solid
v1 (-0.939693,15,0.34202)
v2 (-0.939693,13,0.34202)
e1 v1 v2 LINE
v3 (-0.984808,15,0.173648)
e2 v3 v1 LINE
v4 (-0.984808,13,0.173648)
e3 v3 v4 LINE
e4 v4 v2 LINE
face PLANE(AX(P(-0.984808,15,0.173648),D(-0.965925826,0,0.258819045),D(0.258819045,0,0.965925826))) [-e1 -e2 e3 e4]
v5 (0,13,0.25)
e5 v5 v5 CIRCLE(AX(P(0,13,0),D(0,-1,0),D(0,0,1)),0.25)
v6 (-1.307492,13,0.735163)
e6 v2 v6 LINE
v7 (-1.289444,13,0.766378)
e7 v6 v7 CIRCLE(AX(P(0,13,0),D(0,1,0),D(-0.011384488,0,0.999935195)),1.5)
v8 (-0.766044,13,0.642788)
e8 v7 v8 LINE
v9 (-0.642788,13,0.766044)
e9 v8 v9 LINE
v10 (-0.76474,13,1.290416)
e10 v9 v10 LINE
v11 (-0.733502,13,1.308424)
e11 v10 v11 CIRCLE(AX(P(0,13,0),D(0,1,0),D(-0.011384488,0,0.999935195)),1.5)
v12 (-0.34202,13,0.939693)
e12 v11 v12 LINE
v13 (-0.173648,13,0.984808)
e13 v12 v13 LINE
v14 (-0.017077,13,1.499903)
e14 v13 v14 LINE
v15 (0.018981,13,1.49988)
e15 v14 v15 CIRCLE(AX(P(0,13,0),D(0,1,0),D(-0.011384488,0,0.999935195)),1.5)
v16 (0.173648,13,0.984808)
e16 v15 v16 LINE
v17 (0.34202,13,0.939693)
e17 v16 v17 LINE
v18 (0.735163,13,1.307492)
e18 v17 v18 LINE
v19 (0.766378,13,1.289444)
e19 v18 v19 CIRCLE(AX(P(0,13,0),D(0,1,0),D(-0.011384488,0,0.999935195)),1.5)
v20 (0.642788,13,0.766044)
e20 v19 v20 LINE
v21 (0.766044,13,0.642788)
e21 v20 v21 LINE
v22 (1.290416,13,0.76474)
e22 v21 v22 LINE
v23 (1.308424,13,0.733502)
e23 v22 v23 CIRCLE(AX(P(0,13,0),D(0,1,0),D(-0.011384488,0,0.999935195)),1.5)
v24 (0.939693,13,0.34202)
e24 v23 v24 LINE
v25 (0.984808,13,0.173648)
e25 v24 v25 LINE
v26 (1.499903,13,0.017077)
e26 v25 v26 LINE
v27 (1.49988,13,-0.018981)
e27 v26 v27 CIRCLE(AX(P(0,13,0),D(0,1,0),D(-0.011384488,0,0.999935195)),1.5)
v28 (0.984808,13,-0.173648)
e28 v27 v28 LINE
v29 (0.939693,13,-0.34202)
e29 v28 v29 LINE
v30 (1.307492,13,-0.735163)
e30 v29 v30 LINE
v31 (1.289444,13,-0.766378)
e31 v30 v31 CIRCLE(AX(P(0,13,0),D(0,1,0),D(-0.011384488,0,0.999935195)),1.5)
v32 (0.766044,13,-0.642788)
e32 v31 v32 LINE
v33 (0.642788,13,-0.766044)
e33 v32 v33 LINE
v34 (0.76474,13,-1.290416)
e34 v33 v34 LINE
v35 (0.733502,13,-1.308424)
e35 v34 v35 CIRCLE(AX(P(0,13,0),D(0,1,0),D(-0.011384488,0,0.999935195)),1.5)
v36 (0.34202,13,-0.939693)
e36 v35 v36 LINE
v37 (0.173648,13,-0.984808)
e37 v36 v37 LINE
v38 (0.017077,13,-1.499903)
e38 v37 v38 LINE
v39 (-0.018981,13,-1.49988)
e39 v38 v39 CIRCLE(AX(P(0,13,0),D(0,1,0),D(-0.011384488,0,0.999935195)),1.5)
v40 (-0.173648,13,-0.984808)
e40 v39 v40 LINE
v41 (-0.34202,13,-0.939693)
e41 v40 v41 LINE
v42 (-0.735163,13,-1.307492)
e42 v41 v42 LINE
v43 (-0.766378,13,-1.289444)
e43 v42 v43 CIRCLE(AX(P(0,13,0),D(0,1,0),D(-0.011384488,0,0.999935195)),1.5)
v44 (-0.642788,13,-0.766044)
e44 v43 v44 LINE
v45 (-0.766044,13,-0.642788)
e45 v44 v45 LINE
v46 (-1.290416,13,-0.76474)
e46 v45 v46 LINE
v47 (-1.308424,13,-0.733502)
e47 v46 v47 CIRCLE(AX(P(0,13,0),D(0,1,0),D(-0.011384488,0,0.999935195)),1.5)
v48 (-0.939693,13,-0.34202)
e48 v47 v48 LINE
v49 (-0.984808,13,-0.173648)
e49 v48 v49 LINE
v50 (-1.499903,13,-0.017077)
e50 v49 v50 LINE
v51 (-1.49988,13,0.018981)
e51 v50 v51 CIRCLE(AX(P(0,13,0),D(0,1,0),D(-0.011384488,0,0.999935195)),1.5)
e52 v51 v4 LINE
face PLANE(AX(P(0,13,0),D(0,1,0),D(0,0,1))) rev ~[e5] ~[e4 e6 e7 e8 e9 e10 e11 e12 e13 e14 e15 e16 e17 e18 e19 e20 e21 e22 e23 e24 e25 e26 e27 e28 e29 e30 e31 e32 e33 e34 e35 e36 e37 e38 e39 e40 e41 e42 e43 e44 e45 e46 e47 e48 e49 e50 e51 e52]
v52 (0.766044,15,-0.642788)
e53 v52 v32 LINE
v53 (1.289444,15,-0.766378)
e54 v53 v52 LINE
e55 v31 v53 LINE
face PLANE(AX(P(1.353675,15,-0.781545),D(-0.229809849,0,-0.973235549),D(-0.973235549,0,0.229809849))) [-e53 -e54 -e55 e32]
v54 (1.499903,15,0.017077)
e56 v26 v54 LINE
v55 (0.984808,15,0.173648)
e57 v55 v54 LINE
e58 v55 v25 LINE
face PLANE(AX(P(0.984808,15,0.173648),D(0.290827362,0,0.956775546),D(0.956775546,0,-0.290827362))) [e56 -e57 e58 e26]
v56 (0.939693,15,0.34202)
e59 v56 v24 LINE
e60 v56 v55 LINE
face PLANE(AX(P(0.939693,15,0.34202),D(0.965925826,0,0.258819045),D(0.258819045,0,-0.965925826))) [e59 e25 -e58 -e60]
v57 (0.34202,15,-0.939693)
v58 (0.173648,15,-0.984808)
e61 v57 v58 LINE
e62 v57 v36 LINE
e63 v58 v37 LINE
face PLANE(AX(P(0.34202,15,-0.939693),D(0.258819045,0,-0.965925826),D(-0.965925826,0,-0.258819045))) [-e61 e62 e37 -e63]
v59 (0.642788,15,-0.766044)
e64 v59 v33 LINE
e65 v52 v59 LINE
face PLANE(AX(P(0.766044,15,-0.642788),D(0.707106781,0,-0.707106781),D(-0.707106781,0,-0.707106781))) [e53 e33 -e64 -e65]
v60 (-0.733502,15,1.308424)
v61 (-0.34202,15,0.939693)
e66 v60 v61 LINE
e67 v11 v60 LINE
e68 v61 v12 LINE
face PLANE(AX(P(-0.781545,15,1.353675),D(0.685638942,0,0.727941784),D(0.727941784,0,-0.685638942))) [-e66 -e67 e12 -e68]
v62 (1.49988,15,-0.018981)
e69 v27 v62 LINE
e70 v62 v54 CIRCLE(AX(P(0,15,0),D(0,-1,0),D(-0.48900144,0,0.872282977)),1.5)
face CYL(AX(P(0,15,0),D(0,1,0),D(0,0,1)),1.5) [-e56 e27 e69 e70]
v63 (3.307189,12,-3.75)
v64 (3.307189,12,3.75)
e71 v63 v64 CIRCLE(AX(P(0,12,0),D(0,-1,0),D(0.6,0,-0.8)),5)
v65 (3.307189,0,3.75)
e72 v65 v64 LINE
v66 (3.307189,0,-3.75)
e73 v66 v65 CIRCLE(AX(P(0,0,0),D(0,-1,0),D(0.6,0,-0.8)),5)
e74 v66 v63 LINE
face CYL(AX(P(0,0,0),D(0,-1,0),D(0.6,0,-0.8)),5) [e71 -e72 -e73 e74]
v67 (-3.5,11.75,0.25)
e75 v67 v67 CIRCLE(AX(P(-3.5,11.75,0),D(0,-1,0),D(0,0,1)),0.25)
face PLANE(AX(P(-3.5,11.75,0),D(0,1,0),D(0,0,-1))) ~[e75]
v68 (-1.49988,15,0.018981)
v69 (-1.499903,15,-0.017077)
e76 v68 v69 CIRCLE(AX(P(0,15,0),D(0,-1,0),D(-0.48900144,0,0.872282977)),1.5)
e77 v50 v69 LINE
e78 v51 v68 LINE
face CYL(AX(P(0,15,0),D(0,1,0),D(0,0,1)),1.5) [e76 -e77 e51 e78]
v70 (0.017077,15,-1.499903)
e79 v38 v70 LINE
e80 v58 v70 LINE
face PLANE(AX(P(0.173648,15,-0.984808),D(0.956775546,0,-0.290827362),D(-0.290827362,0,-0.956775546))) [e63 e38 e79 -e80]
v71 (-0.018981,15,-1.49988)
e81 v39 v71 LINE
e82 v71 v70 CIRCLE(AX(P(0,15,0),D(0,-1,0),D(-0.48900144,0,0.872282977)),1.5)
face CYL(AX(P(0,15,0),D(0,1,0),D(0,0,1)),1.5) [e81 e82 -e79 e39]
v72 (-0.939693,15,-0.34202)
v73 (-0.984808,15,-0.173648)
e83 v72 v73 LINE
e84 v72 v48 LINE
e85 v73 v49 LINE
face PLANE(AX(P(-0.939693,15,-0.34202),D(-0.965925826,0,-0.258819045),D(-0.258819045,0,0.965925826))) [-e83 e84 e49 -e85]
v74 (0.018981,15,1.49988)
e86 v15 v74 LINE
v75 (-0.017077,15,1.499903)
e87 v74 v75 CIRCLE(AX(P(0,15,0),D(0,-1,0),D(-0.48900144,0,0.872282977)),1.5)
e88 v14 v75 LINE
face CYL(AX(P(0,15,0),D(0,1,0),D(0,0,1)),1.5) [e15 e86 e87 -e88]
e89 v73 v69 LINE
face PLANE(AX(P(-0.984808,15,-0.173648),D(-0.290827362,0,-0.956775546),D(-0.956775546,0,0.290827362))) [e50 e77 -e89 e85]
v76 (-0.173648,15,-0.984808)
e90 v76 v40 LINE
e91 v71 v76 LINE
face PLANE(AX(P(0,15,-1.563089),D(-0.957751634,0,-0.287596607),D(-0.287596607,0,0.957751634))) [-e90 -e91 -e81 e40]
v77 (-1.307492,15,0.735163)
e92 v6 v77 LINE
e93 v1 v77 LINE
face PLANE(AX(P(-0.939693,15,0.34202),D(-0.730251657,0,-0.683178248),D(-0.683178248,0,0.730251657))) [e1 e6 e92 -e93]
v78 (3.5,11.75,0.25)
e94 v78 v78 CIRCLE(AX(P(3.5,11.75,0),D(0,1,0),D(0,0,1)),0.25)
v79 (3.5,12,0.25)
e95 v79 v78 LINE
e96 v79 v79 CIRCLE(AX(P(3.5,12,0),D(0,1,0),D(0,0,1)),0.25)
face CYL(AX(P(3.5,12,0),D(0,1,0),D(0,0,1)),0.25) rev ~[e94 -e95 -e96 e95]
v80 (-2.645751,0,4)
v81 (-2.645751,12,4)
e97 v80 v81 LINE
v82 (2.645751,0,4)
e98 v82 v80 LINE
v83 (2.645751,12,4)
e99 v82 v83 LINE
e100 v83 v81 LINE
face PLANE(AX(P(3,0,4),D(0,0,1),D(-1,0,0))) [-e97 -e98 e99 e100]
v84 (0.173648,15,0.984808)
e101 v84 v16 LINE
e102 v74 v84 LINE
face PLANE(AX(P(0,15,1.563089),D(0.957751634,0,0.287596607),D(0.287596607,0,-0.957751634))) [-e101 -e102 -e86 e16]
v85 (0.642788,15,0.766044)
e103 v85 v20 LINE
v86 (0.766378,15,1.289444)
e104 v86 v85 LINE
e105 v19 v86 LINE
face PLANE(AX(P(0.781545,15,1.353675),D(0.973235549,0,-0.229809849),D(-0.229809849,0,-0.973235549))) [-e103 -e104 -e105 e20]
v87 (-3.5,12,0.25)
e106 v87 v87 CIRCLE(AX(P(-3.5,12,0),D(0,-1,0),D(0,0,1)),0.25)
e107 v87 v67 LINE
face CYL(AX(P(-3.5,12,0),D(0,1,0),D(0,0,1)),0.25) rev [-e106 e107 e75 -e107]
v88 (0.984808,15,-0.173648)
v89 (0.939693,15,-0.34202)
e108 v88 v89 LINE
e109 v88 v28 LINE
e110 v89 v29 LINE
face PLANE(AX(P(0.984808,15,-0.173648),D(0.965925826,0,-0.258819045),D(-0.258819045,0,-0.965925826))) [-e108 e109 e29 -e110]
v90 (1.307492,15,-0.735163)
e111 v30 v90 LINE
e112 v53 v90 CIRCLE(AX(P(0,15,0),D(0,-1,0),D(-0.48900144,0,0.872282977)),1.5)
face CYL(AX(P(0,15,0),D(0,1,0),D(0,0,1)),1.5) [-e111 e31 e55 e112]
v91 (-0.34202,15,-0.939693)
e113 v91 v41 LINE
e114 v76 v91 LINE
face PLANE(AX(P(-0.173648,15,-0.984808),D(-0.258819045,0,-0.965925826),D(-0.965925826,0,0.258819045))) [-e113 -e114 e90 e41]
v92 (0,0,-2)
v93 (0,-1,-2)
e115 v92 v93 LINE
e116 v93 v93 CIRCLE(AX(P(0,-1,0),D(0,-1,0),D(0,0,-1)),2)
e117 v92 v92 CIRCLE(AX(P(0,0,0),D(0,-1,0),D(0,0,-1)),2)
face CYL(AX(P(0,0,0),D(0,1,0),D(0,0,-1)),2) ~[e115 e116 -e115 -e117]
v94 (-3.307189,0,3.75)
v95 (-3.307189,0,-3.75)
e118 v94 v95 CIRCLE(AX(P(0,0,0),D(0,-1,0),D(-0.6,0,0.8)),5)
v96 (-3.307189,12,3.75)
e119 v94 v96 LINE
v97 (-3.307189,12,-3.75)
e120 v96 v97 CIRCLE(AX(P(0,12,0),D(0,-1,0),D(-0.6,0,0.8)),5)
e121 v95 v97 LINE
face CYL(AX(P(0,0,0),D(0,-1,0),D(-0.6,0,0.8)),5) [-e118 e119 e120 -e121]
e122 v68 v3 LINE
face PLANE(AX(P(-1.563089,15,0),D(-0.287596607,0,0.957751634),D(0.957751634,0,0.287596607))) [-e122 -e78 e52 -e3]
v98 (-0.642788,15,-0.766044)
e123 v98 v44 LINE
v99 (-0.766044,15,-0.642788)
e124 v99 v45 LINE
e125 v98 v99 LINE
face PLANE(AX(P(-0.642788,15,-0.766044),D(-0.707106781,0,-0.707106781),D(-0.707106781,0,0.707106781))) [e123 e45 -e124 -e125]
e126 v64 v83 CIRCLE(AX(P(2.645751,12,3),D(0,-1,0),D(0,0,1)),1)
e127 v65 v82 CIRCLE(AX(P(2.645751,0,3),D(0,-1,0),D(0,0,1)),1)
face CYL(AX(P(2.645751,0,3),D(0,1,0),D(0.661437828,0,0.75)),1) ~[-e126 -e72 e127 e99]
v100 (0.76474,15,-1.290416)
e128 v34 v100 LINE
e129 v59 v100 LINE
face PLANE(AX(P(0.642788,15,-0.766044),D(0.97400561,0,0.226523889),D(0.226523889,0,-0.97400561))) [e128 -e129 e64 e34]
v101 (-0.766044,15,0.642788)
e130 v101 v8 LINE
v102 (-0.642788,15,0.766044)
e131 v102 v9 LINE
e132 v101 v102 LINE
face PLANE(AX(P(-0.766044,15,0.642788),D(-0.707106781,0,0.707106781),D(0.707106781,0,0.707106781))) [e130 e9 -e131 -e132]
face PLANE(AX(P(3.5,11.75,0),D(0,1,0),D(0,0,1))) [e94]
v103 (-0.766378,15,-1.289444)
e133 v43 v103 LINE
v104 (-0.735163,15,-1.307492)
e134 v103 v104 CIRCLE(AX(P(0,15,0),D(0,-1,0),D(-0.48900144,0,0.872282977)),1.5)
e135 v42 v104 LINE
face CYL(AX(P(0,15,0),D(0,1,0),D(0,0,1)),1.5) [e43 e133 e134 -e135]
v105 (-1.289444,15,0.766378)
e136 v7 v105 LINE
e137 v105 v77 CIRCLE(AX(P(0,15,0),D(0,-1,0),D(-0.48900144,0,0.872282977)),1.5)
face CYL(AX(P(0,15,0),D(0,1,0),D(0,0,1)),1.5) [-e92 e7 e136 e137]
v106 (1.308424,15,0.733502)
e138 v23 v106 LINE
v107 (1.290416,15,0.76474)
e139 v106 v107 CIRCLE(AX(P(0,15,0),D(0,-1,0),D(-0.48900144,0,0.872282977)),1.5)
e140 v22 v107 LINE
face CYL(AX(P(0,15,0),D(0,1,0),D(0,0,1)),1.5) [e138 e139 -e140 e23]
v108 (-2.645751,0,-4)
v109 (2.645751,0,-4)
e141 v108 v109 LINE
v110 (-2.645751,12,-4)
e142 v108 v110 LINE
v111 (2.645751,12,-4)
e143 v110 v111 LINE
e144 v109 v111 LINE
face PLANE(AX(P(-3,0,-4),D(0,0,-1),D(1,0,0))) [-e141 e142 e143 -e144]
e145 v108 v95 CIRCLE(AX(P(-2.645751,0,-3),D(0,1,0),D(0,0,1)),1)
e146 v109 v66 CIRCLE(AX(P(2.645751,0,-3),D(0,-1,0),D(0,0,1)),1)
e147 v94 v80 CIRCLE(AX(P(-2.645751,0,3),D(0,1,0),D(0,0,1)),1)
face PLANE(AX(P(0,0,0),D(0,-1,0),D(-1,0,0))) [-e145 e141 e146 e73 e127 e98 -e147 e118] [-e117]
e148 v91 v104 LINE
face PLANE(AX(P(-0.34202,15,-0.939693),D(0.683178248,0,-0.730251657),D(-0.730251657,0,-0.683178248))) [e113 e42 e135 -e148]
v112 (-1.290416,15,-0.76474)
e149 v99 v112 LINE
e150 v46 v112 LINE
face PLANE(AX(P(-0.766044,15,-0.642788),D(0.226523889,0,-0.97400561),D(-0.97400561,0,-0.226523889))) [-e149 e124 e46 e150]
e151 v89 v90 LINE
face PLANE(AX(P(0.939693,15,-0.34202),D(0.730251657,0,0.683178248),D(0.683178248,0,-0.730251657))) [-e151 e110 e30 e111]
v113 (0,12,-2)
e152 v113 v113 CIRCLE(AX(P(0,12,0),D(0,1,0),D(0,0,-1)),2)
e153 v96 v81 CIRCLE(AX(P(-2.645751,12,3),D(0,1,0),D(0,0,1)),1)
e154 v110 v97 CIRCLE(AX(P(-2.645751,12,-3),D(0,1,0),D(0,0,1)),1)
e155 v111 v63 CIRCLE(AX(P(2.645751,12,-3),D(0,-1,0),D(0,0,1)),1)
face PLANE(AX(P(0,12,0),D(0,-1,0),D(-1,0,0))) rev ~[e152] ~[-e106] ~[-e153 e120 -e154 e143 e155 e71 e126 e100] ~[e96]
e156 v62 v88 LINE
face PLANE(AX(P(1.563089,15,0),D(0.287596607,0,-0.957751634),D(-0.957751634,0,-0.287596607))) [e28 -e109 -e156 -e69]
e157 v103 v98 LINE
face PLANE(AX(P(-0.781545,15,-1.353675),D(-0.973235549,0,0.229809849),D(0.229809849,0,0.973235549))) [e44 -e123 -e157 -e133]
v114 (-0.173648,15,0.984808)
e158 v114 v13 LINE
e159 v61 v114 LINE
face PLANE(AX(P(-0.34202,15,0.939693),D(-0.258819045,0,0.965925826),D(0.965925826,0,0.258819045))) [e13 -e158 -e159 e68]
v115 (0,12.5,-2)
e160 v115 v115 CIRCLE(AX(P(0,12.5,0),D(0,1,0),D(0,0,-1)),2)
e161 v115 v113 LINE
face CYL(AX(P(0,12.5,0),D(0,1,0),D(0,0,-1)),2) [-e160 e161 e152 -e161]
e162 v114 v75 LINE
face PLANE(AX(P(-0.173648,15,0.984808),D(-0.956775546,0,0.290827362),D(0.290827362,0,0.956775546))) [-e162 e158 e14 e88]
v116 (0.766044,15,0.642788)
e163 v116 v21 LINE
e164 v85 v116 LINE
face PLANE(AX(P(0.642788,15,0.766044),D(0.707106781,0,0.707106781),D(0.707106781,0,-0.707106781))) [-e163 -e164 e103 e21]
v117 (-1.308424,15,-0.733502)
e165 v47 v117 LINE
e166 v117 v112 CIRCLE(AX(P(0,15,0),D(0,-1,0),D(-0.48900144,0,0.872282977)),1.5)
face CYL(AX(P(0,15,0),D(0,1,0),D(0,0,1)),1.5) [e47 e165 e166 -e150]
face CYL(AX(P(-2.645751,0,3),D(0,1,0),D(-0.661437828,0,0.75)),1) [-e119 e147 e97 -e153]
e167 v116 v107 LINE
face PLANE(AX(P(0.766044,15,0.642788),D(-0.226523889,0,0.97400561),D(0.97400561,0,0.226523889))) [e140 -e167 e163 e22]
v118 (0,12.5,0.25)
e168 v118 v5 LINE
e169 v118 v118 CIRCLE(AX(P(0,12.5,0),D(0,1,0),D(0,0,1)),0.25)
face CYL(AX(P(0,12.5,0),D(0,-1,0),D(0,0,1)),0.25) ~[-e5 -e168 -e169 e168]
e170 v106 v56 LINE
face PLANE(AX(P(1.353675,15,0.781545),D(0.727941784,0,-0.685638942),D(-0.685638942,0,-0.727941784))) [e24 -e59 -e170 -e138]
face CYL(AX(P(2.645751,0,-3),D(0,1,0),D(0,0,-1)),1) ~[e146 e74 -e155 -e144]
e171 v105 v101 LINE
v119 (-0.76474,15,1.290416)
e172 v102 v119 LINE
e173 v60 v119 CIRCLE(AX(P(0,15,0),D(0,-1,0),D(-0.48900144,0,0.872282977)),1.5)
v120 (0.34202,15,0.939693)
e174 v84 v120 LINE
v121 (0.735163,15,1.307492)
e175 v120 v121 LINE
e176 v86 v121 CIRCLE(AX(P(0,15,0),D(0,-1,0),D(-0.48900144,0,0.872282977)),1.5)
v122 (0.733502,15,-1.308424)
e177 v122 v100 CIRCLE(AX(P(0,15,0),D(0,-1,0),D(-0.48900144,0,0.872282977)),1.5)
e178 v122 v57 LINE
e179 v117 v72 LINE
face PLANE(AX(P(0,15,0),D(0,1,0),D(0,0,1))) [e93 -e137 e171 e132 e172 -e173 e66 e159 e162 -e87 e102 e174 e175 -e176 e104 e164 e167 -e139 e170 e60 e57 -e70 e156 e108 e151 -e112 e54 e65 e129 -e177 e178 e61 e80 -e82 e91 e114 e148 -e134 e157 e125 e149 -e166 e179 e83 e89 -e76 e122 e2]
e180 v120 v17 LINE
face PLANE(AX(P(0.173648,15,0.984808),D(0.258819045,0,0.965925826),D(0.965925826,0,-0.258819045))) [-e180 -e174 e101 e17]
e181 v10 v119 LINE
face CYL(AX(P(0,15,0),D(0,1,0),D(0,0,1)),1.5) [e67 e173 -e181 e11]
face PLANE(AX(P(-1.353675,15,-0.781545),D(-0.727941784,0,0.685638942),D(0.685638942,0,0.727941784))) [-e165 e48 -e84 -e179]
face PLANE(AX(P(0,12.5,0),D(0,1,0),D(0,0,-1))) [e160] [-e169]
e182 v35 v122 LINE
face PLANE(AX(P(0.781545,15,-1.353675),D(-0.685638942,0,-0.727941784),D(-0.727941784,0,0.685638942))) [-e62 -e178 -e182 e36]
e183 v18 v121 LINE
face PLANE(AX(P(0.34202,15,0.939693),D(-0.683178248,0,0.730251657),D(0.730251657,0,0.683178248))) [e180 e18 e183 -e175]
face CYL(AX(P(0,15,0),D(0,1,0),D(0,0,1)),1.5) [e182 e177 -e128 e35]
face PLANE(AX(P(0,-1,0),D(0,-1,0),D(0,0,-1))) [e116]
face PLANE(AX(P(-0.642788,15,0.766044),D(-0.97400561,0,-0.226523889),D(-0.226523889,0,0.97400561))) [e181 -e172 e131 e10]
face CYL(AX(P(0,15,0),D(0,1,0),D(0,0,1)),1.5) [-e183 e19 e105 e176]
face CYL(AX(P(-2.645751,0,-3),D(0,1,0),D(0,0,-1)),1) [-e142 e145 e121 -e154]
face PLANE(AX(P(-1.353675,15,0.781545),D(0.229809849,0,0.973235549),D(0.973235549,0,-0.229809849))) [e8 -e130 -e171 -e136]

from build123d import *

# Parameters (mm, degrees)
BOSS_EXTRUDE1_DEPTH = 12
SKETCH3_R           = 2
BOSS_EXTRUDE2_DEPTH = 1
FILLET3_R           = 1
BOSS_EXTRUDE3_START = 0.5
SKETCH4_R           = 2
BOSS_EXTRUDE3_DEPTH = 0.5
SKETCH5_R           = 0.25
CUT_EXTRUDE1_DEPTH  = 0.25
SKETCH6_R           = 0.25
BOSS_EXTRUDE4_DEPTH = 2.5
SKETCH7_R           = 1.5
BOSS_EXTRUDE5_DEPTH = 2
CUT_EXTRUDE11_DEPTH = 2
CIRPATTERN2_COUNT   = 12


with BuildPart() as part:
    # Sketch2 → Boss-Extrude1 (new body)
    with BuildSketch(Plane(origin=(0, 0, 0), x_dir=(1, 0, 0), z_dir=(0, 1, 0))):
        with BuildLine():
            Line((-3, 4), (3, 4))
            ThreePointArc((3, 4), (5, 0), (3, -4))
            Line((3, -4), (-3, -4))
            ThreePointArc((-3, -4), (-5, 0), (-3, 4))
        make_face()
    extrude(amount=BOSS_EXTRUDE1_DEPTH)

    # Sketch3 → Boss-Extrude2 (add)
    with BuildSketch(Plane(origin=(0, 0, 0), x_dir=(-1, 0, 0), z_dir=(0, -1, 0))):
        with Locations(Location((0, 0, 0), (0, 0, 90))):
            Circle(SKETCH3_R)
    extrude(amount=BOSS_EXTRUDE2_DEPTH)

    # Fillet3
    fillet3_edges = [part.edges().sort_by_distance(p)[0] for p in [
        (-3, 6, -4),
        (3, 6, -4),
        (3, 6, 4),
        (-3, 6, 4),
    ]]
    fillet(fillet3_edges, radius=FILLET3_R)

    # Sketch4 → Boss-Extrude3 (add)
    with BuildSketch(Plane(origin=(0, 12, 0), x_dir=(1, 0, 0), z_dir=(0, 1, 0)).offset(BOSS_EXTRUDE3_START)):
        with Locations(Location((0, 0, 0), (0, 0, 90))):
            Circle(SKETCH4_R)
    extrude(amount=-BOSS_EXTRUDE3_DEPTH)

    # Sketch5 → Cut-Extrude1 (cut)
    with BuildSketch(Plane(origin=(0, 12, 0), x_dir=(1, 0, 0), z_dir=(0, 1, 0))):
        with Locations(Location((3.5, 0, 0), (0, 0, 270))):
            Circle(SKETCH5_R)
    cut_extrude1 = extrude(amount=-CUT_EXTRUDE1_DEPTH, mode=Mode.SUBTRACT)

    # Mirror1: Cut-Extrude1 across plane
    add(cut_extrude1.mirror(Plane(origin=(0, 0, 0), x_dir=(0, 0, 1), z_dir=(1, 0, 0))), mode=Mode.SUBTRACT)

    # Sketch6 → Boss-Extrude4 (add)
    with BuildSketch(Plane(origin=(0, 12.5, 0), x_dir=(1, 0, 0), z_dir=(0, 1, 0))):
        with Locations(Location((0, 0, 0), (0, 0, 270))):
            Circle(SKETCH6_R)
    extrude(amount=BOSS_EXTRUDE4_DEPTH)

    # Sketch7 → Boss-Extrude5 (add)
    with BuildSketch(Plane(origin=(0, 15, 0), x_dir=(1, 0, 0), z_dir=(0, 1, 0))):
        with Locations(Location((0, 0, 0), (0, 0, 270))):
            Circle(SKETCH7_R)
    extrude(amount=-BOSS_EXTRUDE5_DEPTH)

    # Sketch9 → Cut-Extrude11 (cut)
    with BuildSketch(Plane(origin=(0, 15, 0), x_dir=(1, 0, 0), z_dir=(0, 1, 0))):
        Polygon((-0.342020143, -0.939692621), (-0.173648178, -0.984807753), (0, -1.556082509), (-0.781544676, -1.353675088), align=None)
    cut_extrude11 = extrude(amount=-CUT_EXTRUDE11_DEPTH, mode=Mode.SUBTRACT)

    # CirPattern2: Cut-Extrude11 ×12 about axis
    cirpattern2_axis = Axis((0, 0, 0), (0, 1, 0))
    for i in range(1, CIRPATTERN2_COUNT):
        add(cut_extrude11.rotate(cirpattern2_axis, i * 360 / CIRPATTERN2_COUNT), mode=Mode.SUBTRACT)


solid = part.part
